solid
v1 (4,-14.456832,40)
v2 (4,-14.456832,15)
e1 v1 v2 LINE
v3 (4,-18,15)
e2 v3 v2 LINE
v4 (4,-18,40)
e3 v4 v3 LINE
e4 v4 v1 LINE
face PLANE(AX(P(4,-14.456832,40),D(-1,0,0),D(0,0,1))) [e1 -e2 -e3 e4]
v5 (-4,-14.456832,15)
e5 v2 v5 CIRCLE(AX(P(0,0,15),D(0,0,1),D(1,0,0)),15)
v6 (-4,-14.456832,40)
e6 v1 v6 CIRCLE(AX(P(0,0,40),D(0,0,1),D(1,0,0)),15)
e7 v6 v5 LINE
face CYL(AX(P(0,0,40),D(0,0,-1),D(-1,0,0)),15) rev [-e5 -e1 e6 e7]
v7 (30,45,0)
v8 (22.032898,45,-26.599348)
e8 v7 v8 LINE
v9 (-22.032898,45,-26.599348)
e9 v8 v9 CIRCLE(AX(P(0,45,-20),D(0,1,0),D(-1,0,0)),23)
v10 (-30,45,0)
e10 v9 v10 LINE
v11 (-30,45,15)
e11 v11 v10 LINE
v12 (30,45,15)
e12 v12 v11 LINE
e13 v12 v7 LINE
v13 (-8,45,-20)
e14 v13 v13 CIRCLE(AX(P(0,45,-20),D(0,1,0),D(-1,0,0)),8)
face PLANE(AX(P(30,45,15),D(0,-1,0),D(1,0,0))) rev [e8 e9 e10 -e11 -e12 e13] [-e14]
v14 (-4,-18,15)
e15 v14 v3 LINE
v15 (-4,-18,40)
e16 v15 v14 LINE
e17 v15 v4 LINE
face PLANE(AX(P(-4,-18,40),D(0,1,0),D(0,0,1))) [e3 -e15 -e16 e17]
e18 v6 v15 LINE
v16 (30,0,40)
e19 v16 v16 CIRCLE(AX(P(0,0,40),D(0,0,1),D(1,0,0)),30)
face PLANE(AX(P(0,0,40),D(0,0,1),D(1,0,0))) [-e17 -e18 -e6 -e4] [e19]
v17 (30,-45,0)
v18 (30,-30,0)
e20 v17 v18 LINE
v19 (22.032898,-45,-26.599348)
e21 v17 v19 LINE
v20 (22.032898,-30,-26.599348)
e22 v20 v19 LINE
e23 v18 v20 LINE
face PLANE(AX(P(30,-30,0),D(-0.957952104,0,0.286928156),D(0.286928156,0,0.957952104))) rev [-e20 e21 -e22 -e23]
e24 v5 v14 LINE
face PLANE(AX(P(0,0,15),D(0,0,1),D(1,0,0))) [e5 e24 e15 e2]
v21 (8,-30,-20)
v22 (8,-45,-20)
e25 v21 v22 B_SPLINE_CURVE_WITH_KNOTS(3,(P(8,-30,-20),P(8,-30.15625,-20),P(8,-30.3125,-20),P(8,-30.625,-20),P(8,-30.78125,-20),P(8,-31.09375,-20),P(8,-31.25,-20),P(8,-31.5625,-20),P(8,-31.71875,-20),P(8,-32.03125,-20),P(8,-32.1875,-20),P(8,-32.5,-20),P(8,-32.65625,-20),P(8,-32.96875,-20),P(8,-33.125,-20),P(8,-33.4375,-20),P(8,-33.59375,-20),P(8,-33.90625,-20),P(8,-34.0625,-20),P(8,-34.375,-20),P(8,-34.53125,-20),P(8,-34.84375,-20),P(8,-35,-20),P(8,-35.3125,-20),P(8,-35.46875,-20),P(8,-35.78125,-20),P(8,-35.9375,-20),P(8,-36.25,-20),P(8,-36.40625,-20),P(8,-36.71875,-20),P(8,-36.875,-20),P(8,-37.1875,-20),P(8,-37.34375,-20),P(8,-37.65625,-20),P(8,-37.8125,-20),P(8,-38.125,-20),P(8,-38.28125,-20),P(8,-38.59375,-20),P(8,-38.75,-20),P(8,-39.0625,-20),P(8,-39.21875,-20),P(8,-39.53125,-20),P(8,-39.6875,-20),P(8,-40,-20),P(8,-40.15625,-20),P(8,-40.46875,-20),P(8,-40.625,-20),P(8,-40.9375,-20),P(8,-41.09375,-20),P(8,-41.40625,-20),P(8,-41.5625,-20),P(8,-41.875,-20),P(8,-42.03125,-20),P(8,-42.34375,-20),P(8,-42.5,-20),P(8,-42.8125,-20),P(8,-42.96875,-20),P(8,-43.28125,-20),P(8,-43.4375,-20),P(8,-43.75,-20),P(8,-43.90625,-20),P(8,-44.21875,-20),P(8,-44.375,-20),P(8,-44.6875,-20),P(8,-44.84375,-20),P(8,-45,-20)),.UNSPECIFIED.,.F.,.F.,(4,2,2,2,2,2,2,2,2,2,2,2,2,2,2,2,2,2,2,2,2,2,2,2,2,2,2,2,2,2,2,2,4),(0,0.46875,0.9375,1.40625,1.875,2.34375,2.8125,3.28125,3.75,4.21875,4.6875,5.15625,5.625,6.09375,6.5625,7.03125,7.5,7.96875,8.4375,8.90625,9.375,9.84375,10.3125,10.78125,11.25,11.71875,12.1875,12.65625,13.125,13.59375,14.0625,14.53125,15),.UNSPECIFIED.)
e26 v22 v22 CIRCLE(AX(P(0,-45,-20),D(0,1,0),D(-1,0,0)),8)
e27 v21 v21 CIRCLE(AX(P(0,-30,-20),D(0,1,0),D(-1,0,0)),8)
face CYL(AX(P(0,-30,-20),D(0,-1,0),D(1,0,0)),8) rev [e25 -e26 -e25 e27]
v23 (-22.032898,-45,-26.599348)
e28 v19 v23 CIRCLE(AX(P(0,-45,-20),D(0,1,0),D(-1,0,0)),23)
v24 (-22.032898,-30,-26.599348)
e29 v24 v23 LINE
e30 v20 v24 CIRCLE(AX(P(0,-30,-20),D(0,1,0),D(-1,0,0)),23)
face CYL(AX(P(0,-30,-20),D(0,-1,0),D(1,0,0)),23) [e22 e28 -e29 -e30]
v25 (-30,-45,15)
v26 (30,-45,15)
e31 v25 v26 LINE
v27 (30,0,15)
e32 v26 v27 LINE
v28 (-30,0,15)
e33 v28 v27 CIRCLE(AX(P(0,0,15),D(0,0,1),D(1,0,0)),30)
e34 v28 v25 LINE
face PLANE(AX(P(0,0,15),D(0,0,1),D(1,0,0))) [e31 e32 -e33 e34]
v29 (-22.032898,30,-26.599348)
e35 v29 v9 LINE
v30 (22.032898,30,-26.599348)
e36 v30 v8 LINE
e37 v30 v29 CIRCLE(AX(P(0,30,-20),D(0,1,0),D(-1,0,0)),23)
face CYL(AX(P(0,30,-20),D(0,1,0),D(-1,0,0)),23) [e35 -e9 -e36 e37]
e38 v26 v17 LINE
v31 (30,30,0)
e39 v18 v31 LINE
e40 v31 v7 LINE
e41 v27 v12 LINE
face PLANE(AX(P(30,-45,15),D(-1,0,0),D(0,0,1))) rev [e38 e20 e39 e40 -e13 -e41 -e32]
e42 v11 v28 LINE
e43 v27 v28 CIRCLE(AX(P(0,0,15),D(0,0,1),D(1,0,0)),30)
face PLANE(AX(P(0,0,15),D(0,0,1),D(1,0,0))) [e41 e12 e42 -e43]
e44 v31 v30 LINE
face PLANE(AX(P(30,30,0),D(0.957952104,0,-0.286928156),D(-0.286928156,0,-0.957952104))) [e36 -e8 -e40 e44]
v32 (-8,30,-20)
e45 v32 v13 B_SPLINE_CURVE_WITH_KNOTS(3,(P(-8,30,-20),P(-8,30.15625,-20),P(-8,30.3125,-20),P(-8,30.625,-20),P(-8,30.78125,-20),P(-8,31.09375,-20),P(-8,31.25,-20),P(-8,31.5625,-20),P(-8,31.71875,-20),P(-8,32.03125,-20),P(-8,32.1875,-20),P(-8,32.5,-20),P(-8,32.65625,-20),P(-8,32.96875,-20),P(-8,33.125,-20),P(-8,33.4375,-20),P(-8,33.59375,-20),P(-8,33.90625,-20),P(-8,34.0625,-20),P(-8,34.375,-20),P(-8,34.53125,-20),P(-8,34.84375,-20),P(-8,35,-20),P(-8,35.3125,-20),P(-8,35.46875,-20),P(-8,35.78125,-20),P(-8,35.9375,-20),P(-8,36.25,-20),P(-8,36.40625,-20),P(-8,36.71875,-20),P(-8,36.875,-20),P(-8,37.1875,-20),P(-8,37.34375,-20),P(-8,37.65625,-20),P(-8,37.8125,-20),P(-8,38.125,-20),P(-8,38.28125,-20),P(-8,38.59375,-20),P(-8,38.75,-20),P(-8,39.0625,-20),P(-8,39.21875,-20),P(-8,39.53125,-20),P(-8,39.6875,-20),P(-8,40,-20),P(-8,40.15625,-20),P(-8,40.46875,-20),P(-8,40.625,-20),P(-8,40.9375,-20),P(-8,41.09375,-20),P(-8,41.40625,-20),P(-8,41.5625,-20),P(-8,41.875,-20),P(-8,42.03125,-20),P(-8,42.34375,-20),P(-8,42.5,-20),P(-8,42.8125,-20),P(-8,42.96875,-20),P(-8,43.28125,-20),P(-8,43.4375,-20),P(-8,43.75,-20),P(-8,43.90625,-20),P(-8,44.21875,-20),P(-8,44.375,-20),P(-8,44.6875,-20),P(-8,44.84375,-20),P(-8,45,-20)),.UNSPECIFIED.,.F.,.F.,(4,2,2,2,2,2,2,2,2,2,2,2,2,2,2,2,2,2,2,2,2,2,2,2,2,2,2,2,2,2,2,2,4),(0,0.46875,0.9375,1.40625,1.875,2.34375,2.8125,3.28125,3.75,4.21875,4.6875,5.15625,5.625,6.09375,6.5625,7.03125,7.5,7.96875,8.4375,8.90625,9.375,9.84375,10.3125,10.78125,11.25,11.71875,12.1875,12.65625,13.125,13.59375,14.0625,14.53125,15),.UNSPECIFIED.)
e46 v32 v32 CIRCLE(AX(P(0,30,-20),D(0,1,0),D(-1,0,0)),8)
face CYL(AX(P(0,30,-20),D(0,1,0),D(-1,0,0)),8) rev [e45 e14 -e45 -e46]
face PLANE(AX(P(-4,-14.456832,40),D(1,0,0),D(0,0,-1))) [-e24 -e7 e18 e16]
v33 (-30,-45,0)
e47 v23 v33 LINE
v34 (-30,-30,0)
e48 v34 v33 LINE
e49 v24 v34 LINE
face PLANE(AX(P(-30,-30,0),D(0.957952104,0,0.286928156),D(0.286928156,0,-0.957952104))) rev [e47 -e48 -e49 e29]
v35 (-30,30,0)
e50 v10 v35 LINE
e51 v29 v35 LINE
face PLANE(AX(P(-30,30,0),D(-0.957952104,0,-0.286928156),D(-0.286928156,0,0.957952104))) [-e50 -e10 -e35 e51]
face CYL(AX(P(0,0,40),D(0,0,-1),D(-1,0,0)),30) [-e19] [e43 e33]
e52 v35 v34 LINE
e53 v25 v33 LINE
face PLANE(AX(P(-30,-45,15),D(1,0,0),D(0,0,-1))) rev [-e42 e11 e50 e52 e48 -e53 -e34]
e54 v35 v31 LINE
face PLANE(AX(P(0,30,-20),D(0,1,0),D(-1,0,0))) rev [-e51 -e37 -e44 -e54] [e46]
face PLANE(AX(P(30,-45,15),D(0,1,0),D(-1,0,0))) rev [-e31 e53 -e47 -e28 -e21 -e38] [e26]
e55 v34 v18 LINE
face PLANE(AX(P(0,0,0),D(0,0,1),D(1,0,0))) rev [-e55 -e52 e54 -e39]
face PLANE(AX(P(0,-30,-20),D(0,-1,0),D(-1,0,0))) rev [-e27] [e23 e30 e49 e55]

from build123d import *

# Parameters (mm, degrees)
SKETCH1_W           = 60
SKETCH1_H           = 90
BOSS_EXTRUDE1_DEPTH = 15
SKETCH2_R           = 30
BOSS_EXTRUDE2_DEPTH = 25
SKETCH3_R           = 8
BOSS_EXTRUDE3_DEPTH = 15


with BuildPart() as part:
    # Sketch1 → Boss-Extrude1 (new body)
    with BuildSketch(Plane.XY):
        Rectangle(SKETCH1_W, SKETCH1_H)
    extrude(amount=BOSS_EXTRUDE1_DEPTH)

    # Sketch2 → Boss-Extrude2 (add)
    with BuildSketch(Plane.XY.offset(15)):
        Circle(SKETCH2_R)
        with BuildLine():
            Line((-4, -14.456832295), (-4, -18))
            Line((-4, -18), (4, -18))
            Line((4, -18), (4, -14.456832295))
            ThreePointArc((4, -14.456832295), (0, 15), (-4, -14.456832295))
        make_face(mode=Mode.SUBTRACT)
    extrude(amount=BOSS_EXTRUDE2_DEPTH)

    # Sketch3 → Boss-Extrude3 (add)
    with BuildSketch(Plane(origin=(0, 45, 0), x_dir=(1, 0, 0), z_dir=(0, 1, 0))):
        with BuildLine():
            Line((30, 0), (22.03289839, 26.599347585))
            ThreePointArc((22.03289839, 26.599347585), (0, 43), (-22.03289839, 26.599347585))
            Line((-22.03289839, 26.599347585), (-30, 0))
            Line((-30, 0), (30, 0))
        make_face()
        with Locations(Location((0, 20, 0), (0, 0, 180))):
            Circle(SKETCH3_R, mode=Mode.SUBTRACT)
    boss_extrude3 = extrude(amount=-BOSS_EXTRUDE3_DEPTH)

    # Mirror1: Boss-Extrude3 across plane
    add(boss_extrude3.mirror(Plane.ZX))


solid = part.part
